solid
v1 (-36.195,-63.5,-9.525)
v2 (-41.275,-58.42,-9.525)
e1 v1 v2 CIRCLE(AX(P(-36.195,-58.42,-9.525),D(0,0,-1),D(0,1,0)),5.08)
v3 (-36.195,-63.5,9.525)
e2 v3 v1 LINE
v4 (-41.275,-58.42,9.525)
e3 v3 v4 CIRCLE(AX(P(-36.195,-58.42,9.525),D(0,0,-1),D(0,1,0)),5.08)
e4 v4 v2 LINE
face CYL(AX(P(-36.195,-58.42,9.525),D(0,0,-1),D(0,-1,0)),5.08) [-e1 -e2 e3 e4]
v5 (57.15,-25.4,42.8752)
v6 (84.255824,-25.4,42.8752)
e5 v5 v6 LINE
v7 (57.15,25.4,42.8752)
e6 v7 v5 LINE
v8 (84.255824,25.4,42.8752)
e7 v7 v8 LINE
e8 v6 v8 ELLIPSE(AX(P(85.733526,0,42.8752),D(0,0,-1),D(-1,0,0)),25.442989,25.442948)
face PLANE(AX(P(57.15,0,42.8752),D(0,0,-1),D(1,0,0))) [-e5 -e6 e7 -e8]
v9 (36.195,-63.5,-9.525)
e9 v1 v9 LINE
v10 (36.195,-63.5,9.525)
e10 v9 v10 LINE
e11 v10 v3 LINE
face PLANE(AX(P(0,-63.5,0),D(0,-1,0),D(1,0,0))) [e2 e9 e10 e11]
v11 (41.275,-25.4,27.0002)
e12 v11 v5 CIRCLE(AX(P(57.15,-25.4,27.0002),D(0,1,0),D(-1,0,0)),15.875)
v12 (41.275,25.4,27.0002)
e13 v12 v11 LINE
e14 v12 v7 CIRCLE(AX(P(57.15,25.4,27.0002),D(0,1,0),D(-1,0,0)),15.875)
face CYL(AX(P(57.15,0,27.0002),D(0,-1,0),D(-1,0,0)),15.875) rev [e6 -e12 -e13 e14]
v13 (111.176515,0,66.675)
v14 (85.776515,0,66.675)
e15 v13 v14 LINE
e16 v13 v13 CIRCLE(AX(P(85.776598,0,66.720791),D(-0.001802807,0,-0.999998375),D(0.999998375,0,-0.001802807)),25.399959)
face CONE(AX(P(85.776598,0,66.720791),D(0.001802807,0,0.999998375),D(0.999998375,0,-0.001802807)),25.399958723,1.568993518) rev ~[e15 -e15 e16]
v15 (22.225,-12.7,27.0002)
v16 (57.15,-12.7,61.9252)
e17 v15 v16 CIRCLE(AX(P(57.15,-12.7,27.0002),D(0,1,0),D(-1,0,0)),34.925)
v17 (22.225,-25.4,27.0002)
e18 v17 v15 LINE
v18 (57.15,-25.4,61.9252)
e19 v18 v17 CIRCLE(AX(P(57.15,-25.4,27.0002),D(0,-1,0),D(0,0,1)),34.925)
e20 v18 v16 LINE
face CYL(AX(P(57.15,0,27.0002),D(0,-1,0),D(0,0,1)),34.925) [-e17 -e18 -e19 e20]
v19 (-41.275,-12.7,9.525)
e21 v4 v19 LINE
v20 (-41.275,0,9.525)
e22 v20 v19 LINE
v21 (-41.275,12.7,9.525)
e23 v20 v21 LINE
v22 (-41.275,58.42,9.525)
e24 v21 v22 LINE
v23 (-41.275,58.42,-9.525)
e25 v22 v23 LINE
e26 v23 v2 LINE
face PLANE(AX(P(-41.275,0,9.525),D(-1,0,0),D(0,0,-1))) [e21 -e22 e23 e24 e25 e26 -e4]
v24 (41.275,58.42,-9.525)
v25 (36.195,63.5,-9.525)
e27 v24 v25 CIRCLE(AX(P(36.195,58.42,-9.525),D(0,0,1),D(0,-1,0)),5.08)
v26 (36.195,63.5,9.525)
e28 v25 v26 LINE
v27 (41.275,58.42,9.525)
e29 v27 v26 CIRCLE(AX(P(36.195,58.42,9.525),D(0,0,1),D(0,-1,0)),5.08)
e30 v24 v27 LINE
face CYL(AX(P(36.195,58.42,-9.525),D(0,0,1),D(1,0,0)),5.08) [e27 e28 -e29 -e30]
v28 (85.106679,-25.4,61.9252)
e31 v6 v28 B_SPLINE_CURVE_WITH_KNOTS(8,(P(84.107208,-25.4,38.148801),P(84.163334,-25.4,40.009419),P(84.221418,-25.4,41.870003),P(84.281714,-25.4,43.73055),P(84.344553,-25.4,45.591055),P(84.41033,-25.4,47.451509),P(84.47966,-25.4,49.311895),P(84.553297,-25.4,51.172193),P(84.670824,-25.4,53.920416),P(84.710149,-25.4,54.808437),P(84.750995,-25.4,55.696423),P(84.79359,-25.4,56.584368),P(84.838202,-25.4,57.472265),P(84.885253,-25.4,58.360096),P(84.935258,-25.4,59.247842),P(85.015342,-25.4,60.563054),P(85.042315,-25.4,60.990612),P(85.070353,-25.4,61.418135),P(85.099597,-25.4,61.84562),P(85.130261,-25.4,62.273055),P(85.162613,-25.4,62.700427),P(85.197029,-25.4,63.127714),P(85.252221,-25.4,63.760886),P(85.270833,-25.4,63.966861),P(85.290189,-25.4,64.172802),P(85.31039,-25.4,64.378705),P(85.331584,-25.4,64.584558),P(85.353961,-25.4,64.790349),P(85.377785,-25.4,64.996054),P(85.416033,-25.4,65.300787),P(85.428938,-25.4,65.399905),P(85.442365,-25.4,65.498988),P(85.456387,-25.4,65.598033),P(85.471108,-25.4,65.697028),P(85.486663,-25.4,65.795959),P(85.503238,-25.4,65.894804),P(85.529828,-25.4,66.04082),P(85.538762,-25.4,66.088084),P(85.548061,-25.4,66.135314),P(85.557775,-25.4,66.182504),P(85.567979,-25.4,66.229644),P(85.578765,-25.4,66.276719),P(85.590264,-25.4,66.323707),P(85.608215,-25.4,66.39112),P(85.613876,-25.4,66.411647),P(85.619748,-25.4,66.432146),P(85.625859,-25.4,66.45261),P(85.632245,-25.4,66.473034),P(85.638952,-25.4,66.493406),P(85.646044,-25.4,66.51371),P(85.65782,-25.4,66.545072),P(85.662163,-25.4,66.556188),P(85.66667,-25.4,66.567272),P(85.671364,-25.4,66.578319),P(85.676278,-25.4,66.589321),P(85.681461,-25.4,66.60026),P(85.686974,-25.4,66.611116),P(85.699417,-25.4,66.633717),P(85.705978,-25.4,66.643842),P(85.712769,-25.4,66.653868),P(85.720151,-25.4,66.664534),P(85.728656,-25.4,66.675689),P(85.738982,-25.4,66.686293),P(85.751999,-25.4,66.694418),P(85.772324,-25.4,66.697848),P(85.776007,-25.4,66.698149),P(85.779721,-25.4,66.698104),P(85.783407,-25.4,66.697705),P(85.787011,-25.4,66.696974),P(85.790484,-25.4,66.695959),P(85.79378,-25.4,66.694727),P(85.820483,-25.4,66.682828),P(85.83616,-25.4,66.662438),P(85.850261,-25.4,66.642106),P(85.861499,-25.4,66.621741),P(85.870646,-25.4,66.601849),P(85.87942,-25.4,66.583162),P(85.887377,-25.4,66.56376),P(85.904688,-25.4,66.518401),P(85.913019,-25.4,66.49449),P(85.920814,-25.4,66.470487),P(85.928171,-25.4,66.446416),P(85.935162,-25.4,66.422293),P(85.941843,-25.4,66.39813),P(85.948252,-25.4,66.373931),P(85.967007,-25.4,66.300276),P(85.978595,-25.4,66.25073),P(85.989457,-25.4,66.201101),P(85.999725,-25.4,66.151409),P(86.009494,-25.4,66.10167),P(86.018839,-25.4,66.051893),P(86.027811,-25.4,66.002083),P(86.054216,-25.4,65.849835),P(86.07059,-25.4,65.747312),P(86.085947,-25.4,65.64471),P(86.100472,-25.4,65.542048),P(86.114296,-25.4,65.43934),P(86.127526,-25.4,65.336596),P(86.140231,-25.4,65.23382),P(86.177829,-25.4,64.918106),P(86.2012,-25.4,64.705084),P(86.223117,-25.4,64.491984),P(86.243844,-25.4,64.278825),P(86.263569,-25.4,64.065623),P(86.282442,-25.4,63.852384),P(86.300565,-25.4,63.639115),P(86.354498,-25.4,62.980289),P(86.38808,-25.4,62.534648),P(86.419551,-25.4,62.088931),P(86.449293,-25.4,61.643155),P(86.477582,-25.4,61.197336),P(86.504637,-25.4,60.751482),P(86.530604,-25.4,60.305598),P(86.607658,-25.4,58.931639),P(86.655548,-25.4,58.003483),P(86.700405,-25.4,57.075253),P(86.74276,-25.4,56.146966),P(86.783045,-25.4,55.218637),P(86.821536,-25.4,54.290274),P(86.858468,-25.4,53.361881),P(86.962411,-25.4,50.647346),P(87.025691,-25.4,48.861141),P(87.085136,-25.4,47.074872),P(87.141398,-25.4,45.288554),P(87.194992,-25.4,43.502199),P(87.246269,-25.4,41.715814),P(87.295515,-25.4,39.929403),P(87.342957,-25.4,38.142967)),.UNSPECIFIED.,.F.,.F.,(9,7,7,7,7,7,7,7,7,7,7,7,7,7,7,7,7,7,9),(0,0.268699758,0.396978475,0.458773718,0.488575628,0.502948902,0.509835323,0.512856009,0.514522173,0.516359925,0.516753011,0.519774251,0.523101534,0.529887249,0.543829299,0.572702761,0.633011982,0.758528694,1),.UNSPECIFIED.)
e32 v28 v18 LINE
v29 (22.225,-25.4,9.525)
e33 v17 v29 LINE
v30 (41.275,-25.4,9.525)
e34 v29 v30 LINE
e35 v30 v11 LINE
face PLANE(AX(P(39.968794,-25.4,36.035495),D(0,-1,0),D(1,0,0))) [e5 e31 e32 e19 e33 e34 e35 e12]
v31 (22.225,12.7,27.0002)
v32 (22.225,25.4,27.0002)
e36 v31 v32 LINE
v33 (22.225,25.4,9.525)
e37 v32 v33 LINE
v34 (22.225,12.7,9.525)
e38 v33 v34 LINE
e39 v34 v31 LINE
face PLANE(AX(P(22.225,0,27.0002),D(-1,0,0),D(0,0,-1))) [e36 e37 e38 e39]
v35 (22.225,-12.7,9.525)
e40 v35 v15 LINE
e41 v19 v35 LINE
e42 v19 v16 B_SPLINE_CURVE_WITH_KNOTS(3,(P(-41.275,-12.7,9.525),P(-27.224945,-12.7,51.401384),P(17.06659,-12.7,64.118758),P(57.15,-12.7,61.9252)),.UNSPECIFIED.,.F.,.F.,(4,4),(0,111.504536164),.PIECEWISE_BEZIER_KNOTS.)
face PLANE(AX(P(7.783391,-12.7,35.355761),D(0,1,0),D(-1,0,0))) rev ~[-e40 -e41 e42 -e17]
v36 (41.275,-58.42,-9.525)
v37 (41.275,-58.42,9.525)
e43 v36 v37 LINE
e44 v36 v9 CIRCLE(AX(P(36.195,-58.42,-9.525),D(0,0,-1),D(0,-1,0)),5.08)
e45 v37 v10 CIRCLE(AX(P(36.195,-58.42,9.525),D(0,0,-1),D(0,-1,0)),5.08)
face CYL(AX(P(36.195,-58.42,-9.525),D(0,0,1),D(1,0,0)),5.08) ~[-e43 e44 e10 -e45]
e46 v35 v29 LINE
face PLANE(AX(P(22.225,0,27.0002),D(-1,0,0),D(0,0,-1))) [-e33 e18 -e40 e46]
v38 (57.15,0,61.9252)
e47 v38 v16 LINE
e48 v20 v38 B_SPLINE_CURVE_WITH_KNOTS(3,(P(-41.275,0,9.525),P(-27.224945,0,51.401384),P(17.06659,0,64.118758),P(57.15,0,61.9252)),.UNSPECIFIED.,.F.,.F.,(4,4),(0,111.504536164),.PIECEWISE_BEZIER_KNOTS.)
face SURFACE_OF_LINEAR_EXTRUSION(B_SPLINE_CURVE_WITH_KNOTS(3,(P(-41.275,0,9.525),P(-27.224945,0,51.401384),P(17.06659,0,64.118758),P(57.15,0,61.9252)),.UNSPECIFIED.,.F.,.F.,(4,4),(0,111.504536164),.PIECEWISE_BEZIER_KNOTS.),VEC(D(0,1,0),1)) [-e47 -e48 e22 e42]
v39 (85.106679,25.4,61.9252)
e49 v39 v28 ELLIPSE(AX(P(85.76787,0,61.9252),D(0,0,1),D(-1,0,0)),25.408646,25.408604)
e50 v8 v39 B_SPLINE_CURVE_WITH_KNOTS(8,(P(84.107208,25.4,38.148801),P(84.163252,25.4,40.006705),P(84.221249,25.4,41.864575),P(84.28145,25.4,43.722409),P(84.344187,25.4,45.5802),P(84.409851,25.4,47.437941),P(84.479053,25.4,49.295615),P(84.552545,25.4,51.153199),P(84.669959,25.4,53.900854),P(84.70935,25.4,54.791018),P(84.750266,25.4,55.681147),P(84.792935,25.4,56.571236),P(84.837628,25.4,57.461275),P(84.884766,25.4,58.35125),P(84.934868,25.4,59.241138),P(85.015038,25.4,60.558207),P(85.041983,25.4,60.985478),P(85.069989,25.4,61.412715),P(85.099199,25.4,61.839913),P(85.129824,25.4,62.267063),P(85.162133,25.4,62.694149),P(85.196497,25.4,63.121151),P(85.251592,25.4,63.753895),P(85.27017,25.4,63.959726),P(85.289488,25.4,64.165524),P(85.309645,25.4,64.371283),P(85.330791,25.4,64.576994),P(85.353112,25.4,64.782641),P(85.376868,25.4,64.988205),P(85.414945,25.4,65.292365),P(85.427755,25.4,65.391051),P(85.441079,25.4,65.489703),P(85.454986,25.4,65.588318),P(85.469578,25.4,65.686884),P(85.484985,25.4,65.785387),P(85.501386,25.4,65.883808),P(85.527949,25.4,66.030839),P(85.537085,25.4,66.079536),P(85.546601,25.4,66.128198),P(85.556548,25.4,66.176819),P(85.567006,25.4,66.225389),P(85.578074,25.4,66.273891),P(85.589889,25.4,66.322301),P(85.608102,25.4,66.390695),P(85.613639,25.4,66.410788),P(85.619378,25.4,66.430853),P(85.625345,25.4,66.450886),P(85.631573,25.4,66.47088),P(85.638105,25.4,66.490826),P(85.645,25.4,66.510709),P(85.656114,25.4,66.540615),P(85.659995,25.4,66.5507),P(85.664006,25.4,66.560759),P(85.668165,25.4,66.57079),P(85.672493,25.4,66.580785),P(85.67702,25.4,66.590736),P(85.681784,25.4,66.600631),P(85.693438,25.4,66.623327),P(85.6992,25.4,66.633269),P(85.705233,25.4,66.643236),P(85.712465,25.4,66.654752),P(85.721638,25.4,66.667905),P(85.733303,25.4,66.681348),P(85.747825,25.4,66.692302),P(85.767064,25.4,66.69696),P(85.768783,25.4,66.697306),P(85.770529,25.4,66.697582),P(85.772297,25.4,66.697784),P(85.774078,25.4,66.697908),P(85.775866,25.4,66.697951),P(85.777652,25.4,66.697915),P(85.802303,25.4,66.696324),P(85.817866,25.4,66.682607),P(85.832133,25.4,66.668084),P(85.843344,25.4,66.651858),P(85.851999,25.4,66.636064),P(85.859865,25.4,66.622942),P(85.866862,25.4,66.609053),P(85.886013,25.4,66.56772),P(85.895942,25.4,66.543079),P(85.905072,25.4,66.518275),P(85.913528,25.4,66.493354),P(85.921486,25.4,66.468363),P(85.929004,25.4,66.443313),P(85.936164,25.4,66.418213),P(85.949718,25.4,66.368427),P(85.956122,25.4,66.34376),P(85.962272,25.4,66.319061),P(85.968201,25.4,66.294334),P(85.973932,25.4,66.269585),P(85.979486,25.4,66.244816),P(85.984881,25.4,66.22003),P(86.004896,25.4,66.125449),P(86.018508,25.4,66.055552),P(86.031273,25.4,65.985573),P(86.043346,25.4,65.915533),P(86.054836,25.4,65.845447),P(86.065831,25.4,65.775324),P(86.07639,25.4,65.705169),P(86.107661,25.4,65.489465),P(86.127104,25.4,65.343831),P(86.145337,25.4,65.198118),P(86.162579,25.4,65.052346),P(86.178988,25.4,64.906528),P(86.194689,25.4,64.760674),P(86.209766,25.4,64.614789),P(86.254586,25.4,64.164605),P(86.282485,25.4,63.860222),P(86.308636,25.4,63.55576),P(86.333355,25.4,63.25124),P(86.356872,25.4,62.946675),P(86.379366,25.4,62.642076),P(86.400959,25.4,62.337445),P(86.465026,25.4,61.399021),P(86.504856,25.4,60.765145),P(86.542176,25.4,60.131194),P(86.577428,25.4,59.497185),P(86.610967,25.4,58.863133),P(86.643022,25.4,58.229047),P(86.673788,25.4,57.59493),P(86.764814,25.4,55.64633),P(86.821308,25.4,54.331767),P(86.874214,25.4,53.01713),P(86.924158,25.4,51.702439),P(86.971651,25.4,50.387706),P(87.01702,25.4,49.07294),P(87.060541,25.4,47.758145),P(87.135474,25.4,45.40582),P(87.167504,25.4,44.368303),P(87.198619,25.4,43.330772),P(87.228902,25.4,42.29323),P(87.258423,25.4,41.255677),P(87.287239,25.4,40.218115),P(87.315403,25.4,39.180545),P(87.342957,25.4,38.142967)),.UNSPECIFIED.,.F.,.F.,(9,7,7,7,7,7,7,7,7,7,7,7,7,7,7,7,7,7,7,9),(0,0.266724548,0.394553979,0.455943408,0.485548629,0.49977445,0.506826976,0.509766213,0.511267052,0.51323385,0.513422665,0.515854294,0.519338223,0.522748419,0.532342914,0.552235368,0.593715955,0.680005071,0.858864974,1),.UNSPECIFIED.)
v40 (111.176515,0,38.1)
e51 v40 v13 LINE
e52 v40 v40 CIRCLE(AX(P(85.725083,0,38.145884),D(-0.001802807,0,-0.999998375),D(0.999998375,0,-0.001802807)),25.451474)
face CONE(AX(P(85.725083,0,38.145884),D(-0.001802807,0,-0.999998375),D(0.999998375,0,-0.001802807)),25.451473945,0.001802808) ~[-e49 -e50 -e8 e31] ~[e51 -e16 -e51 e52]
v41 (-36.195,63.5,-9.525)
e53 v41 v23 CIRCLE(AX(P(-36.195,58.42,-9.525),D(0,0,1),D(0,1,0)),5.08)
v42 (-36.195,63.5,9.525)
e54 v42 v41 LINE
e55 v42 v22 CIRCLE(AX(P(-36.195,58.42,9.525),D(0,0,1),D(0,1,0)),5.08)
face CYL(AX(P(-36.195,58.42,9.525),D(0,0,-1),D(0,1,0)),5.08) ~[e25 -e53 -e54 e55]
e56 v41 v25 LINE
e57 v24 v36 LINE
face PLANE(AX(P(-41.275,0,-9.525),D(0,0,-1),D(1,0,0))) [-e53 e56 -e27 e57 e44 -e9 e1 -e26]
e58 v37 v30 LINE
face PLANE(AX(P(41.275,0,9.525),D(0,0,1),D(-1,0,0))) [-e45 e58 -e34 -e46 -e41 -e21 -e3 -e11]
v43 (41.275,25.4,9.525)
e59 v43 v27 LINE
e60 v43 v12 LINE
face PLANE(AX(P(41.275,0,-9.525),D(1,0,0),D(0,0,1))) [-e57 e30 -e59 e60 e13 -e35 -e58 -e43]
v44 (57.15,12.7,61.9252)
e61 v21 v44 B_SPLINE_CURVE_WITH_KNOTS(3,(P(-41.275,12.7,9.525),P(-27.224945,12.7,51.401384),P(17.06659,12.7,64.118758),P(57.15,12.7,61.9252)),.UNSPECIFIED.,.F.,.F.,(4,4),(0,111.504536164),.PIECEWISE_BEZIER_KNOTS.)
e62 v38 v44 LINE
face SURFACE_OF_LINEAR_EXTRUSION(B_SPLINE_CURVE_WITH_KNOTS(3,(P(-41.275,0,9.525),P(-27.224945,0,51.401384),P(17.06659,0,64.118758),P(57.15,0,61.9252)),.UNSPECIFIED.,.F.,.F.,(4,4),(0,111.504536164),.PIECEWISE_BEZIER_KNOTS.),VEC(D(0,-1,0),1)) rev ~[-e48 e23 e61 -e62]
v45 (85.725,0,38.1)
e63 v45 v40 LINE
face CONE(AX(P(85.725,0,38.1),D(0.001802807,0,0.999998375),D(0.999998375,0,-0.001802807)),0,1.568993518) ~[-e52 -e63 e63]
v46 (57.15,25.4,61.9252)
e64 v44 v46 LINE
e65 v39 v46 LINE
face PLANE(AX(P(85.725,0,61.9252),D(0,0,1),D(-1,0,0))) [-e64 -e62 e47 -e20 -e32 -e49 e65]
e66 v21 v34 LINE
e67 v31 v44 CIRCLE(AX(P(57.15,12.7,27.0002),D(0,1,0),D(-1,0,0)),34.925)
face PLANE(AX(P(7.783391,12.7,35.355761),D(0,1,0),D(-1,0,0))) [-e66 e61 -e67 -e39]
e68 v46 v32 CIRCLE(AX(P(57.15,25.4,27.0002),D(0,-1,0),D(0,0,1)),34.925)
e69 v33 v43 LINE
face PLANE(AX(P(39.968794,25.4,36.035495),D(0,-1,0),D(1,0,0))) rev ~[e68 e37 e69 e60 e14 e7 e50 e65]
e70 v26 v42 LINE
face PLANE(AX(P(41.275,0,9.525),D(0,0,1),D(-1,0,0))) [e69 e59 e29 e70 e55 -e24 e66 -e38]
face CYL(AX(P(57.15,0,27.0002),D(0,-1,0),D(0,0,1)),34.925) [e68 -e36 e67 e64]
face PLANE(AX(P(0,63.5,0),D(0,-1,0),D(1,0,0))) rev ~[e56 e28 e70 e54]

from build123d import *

# Parameters (mm, degrees)
F1_DEPTH = 63.5
F0_W     = 25.348484695
F0_H     = 19.05
F2_DEPTH = 25.4
F3_DEPTH = 12.7
F5_R     = 5.08


with BuildPart() as f1:
    # F0 (on Front) → F1 (new body, symmetric)
    with BuildSketch(Plane.XZ):
        Polygon((22.225, 9.525), (-41.275, 9.525), (-41.275, -9.525), (41.275, -9.525), (41.275, 9.525), align=None)
    extrude(amount=F1_DEPTH, both=True)

    # F0 (on Front) → F2 (join, symmetric)
    with BuildSketch(Plane.XZ):
        with BuildLine():
            Line((22.225, 27.0002), (22.225, 9.525))
            Line((22.225, 9.525), (41.275, 9.525))
            Line((41.275, 9.525), (41.275, 27.0002))
            ThreePointArc((41.275, 27.0002), (45.9246798487, 38.2255201513), (57.15, 42.8752))
            Line((57.15, 42.8752), (60.376515305, 42.8752))
            Line((60.376515305, 42.8752), (60.376515305, 61.9252))
            Line((60.376515305, 61.9252), (57.15, 61.9252))
            ThreePointArc((57.15, 61.9252), (32.4542956671, 51.6959043329), (22.225, 27.0002))
        make_face()
        with Locations((73.0507576525, 52.4002)):
            Rectangle(F0_W, F0_H)
    extrude(amount=F2_DEPTH, both=True)

    # F0 (on Front) → F3 (join, symmetric)
    with BuildSketch(Plane.XZ):
        with BuildLine():
            add(Edge.make_bspline(
                [(-41.275, 9.525), (-27.2249449044, 51.4013841748), (17.066590488, 64.118757844), (57.15, 61.9252)],
                knots=[0, 0, 0, 0, 111.5045361635, 111.5045361635, 111.5045361635, 111.5045361635], degree=3))
            Line((-41.275, 9.525), (22.225, 9.525))
            Line((22.225, 9.525), (22.225, 27.0002))
            ThreePointArc((22.225, 27.0002), (32.4542956671, 51.6959043329), (57.15, 61.9252))
        make_face()
    extrude(amount=F3_DEPTH, both=True)

    # F0 (on Front) → F4 (revolve)
    with BuildSketch(Plane.XZ):
        Polygon((111.176515305, 66.675), (85.776515305, 66.675), (85.725, 38.1), (111.176515305, 38.1), align=None)
    revolve(axis=Axis((85.7507576525, 0, 52.3875), (-0.0018028074, 0, -0.9999983749)))

    # F5
    f5_edges = [f1.edges().sort_by_distance(p)[0] for p in [
        (-41.275, -63.5, 0),
        (41.275, -63.5, 0),
        (41.275, 63.5, 0),
        (-41.275, 63.5, 0),
    ]]
    fillet(f5_edges, radius=F5_R)


solid = f1.part
